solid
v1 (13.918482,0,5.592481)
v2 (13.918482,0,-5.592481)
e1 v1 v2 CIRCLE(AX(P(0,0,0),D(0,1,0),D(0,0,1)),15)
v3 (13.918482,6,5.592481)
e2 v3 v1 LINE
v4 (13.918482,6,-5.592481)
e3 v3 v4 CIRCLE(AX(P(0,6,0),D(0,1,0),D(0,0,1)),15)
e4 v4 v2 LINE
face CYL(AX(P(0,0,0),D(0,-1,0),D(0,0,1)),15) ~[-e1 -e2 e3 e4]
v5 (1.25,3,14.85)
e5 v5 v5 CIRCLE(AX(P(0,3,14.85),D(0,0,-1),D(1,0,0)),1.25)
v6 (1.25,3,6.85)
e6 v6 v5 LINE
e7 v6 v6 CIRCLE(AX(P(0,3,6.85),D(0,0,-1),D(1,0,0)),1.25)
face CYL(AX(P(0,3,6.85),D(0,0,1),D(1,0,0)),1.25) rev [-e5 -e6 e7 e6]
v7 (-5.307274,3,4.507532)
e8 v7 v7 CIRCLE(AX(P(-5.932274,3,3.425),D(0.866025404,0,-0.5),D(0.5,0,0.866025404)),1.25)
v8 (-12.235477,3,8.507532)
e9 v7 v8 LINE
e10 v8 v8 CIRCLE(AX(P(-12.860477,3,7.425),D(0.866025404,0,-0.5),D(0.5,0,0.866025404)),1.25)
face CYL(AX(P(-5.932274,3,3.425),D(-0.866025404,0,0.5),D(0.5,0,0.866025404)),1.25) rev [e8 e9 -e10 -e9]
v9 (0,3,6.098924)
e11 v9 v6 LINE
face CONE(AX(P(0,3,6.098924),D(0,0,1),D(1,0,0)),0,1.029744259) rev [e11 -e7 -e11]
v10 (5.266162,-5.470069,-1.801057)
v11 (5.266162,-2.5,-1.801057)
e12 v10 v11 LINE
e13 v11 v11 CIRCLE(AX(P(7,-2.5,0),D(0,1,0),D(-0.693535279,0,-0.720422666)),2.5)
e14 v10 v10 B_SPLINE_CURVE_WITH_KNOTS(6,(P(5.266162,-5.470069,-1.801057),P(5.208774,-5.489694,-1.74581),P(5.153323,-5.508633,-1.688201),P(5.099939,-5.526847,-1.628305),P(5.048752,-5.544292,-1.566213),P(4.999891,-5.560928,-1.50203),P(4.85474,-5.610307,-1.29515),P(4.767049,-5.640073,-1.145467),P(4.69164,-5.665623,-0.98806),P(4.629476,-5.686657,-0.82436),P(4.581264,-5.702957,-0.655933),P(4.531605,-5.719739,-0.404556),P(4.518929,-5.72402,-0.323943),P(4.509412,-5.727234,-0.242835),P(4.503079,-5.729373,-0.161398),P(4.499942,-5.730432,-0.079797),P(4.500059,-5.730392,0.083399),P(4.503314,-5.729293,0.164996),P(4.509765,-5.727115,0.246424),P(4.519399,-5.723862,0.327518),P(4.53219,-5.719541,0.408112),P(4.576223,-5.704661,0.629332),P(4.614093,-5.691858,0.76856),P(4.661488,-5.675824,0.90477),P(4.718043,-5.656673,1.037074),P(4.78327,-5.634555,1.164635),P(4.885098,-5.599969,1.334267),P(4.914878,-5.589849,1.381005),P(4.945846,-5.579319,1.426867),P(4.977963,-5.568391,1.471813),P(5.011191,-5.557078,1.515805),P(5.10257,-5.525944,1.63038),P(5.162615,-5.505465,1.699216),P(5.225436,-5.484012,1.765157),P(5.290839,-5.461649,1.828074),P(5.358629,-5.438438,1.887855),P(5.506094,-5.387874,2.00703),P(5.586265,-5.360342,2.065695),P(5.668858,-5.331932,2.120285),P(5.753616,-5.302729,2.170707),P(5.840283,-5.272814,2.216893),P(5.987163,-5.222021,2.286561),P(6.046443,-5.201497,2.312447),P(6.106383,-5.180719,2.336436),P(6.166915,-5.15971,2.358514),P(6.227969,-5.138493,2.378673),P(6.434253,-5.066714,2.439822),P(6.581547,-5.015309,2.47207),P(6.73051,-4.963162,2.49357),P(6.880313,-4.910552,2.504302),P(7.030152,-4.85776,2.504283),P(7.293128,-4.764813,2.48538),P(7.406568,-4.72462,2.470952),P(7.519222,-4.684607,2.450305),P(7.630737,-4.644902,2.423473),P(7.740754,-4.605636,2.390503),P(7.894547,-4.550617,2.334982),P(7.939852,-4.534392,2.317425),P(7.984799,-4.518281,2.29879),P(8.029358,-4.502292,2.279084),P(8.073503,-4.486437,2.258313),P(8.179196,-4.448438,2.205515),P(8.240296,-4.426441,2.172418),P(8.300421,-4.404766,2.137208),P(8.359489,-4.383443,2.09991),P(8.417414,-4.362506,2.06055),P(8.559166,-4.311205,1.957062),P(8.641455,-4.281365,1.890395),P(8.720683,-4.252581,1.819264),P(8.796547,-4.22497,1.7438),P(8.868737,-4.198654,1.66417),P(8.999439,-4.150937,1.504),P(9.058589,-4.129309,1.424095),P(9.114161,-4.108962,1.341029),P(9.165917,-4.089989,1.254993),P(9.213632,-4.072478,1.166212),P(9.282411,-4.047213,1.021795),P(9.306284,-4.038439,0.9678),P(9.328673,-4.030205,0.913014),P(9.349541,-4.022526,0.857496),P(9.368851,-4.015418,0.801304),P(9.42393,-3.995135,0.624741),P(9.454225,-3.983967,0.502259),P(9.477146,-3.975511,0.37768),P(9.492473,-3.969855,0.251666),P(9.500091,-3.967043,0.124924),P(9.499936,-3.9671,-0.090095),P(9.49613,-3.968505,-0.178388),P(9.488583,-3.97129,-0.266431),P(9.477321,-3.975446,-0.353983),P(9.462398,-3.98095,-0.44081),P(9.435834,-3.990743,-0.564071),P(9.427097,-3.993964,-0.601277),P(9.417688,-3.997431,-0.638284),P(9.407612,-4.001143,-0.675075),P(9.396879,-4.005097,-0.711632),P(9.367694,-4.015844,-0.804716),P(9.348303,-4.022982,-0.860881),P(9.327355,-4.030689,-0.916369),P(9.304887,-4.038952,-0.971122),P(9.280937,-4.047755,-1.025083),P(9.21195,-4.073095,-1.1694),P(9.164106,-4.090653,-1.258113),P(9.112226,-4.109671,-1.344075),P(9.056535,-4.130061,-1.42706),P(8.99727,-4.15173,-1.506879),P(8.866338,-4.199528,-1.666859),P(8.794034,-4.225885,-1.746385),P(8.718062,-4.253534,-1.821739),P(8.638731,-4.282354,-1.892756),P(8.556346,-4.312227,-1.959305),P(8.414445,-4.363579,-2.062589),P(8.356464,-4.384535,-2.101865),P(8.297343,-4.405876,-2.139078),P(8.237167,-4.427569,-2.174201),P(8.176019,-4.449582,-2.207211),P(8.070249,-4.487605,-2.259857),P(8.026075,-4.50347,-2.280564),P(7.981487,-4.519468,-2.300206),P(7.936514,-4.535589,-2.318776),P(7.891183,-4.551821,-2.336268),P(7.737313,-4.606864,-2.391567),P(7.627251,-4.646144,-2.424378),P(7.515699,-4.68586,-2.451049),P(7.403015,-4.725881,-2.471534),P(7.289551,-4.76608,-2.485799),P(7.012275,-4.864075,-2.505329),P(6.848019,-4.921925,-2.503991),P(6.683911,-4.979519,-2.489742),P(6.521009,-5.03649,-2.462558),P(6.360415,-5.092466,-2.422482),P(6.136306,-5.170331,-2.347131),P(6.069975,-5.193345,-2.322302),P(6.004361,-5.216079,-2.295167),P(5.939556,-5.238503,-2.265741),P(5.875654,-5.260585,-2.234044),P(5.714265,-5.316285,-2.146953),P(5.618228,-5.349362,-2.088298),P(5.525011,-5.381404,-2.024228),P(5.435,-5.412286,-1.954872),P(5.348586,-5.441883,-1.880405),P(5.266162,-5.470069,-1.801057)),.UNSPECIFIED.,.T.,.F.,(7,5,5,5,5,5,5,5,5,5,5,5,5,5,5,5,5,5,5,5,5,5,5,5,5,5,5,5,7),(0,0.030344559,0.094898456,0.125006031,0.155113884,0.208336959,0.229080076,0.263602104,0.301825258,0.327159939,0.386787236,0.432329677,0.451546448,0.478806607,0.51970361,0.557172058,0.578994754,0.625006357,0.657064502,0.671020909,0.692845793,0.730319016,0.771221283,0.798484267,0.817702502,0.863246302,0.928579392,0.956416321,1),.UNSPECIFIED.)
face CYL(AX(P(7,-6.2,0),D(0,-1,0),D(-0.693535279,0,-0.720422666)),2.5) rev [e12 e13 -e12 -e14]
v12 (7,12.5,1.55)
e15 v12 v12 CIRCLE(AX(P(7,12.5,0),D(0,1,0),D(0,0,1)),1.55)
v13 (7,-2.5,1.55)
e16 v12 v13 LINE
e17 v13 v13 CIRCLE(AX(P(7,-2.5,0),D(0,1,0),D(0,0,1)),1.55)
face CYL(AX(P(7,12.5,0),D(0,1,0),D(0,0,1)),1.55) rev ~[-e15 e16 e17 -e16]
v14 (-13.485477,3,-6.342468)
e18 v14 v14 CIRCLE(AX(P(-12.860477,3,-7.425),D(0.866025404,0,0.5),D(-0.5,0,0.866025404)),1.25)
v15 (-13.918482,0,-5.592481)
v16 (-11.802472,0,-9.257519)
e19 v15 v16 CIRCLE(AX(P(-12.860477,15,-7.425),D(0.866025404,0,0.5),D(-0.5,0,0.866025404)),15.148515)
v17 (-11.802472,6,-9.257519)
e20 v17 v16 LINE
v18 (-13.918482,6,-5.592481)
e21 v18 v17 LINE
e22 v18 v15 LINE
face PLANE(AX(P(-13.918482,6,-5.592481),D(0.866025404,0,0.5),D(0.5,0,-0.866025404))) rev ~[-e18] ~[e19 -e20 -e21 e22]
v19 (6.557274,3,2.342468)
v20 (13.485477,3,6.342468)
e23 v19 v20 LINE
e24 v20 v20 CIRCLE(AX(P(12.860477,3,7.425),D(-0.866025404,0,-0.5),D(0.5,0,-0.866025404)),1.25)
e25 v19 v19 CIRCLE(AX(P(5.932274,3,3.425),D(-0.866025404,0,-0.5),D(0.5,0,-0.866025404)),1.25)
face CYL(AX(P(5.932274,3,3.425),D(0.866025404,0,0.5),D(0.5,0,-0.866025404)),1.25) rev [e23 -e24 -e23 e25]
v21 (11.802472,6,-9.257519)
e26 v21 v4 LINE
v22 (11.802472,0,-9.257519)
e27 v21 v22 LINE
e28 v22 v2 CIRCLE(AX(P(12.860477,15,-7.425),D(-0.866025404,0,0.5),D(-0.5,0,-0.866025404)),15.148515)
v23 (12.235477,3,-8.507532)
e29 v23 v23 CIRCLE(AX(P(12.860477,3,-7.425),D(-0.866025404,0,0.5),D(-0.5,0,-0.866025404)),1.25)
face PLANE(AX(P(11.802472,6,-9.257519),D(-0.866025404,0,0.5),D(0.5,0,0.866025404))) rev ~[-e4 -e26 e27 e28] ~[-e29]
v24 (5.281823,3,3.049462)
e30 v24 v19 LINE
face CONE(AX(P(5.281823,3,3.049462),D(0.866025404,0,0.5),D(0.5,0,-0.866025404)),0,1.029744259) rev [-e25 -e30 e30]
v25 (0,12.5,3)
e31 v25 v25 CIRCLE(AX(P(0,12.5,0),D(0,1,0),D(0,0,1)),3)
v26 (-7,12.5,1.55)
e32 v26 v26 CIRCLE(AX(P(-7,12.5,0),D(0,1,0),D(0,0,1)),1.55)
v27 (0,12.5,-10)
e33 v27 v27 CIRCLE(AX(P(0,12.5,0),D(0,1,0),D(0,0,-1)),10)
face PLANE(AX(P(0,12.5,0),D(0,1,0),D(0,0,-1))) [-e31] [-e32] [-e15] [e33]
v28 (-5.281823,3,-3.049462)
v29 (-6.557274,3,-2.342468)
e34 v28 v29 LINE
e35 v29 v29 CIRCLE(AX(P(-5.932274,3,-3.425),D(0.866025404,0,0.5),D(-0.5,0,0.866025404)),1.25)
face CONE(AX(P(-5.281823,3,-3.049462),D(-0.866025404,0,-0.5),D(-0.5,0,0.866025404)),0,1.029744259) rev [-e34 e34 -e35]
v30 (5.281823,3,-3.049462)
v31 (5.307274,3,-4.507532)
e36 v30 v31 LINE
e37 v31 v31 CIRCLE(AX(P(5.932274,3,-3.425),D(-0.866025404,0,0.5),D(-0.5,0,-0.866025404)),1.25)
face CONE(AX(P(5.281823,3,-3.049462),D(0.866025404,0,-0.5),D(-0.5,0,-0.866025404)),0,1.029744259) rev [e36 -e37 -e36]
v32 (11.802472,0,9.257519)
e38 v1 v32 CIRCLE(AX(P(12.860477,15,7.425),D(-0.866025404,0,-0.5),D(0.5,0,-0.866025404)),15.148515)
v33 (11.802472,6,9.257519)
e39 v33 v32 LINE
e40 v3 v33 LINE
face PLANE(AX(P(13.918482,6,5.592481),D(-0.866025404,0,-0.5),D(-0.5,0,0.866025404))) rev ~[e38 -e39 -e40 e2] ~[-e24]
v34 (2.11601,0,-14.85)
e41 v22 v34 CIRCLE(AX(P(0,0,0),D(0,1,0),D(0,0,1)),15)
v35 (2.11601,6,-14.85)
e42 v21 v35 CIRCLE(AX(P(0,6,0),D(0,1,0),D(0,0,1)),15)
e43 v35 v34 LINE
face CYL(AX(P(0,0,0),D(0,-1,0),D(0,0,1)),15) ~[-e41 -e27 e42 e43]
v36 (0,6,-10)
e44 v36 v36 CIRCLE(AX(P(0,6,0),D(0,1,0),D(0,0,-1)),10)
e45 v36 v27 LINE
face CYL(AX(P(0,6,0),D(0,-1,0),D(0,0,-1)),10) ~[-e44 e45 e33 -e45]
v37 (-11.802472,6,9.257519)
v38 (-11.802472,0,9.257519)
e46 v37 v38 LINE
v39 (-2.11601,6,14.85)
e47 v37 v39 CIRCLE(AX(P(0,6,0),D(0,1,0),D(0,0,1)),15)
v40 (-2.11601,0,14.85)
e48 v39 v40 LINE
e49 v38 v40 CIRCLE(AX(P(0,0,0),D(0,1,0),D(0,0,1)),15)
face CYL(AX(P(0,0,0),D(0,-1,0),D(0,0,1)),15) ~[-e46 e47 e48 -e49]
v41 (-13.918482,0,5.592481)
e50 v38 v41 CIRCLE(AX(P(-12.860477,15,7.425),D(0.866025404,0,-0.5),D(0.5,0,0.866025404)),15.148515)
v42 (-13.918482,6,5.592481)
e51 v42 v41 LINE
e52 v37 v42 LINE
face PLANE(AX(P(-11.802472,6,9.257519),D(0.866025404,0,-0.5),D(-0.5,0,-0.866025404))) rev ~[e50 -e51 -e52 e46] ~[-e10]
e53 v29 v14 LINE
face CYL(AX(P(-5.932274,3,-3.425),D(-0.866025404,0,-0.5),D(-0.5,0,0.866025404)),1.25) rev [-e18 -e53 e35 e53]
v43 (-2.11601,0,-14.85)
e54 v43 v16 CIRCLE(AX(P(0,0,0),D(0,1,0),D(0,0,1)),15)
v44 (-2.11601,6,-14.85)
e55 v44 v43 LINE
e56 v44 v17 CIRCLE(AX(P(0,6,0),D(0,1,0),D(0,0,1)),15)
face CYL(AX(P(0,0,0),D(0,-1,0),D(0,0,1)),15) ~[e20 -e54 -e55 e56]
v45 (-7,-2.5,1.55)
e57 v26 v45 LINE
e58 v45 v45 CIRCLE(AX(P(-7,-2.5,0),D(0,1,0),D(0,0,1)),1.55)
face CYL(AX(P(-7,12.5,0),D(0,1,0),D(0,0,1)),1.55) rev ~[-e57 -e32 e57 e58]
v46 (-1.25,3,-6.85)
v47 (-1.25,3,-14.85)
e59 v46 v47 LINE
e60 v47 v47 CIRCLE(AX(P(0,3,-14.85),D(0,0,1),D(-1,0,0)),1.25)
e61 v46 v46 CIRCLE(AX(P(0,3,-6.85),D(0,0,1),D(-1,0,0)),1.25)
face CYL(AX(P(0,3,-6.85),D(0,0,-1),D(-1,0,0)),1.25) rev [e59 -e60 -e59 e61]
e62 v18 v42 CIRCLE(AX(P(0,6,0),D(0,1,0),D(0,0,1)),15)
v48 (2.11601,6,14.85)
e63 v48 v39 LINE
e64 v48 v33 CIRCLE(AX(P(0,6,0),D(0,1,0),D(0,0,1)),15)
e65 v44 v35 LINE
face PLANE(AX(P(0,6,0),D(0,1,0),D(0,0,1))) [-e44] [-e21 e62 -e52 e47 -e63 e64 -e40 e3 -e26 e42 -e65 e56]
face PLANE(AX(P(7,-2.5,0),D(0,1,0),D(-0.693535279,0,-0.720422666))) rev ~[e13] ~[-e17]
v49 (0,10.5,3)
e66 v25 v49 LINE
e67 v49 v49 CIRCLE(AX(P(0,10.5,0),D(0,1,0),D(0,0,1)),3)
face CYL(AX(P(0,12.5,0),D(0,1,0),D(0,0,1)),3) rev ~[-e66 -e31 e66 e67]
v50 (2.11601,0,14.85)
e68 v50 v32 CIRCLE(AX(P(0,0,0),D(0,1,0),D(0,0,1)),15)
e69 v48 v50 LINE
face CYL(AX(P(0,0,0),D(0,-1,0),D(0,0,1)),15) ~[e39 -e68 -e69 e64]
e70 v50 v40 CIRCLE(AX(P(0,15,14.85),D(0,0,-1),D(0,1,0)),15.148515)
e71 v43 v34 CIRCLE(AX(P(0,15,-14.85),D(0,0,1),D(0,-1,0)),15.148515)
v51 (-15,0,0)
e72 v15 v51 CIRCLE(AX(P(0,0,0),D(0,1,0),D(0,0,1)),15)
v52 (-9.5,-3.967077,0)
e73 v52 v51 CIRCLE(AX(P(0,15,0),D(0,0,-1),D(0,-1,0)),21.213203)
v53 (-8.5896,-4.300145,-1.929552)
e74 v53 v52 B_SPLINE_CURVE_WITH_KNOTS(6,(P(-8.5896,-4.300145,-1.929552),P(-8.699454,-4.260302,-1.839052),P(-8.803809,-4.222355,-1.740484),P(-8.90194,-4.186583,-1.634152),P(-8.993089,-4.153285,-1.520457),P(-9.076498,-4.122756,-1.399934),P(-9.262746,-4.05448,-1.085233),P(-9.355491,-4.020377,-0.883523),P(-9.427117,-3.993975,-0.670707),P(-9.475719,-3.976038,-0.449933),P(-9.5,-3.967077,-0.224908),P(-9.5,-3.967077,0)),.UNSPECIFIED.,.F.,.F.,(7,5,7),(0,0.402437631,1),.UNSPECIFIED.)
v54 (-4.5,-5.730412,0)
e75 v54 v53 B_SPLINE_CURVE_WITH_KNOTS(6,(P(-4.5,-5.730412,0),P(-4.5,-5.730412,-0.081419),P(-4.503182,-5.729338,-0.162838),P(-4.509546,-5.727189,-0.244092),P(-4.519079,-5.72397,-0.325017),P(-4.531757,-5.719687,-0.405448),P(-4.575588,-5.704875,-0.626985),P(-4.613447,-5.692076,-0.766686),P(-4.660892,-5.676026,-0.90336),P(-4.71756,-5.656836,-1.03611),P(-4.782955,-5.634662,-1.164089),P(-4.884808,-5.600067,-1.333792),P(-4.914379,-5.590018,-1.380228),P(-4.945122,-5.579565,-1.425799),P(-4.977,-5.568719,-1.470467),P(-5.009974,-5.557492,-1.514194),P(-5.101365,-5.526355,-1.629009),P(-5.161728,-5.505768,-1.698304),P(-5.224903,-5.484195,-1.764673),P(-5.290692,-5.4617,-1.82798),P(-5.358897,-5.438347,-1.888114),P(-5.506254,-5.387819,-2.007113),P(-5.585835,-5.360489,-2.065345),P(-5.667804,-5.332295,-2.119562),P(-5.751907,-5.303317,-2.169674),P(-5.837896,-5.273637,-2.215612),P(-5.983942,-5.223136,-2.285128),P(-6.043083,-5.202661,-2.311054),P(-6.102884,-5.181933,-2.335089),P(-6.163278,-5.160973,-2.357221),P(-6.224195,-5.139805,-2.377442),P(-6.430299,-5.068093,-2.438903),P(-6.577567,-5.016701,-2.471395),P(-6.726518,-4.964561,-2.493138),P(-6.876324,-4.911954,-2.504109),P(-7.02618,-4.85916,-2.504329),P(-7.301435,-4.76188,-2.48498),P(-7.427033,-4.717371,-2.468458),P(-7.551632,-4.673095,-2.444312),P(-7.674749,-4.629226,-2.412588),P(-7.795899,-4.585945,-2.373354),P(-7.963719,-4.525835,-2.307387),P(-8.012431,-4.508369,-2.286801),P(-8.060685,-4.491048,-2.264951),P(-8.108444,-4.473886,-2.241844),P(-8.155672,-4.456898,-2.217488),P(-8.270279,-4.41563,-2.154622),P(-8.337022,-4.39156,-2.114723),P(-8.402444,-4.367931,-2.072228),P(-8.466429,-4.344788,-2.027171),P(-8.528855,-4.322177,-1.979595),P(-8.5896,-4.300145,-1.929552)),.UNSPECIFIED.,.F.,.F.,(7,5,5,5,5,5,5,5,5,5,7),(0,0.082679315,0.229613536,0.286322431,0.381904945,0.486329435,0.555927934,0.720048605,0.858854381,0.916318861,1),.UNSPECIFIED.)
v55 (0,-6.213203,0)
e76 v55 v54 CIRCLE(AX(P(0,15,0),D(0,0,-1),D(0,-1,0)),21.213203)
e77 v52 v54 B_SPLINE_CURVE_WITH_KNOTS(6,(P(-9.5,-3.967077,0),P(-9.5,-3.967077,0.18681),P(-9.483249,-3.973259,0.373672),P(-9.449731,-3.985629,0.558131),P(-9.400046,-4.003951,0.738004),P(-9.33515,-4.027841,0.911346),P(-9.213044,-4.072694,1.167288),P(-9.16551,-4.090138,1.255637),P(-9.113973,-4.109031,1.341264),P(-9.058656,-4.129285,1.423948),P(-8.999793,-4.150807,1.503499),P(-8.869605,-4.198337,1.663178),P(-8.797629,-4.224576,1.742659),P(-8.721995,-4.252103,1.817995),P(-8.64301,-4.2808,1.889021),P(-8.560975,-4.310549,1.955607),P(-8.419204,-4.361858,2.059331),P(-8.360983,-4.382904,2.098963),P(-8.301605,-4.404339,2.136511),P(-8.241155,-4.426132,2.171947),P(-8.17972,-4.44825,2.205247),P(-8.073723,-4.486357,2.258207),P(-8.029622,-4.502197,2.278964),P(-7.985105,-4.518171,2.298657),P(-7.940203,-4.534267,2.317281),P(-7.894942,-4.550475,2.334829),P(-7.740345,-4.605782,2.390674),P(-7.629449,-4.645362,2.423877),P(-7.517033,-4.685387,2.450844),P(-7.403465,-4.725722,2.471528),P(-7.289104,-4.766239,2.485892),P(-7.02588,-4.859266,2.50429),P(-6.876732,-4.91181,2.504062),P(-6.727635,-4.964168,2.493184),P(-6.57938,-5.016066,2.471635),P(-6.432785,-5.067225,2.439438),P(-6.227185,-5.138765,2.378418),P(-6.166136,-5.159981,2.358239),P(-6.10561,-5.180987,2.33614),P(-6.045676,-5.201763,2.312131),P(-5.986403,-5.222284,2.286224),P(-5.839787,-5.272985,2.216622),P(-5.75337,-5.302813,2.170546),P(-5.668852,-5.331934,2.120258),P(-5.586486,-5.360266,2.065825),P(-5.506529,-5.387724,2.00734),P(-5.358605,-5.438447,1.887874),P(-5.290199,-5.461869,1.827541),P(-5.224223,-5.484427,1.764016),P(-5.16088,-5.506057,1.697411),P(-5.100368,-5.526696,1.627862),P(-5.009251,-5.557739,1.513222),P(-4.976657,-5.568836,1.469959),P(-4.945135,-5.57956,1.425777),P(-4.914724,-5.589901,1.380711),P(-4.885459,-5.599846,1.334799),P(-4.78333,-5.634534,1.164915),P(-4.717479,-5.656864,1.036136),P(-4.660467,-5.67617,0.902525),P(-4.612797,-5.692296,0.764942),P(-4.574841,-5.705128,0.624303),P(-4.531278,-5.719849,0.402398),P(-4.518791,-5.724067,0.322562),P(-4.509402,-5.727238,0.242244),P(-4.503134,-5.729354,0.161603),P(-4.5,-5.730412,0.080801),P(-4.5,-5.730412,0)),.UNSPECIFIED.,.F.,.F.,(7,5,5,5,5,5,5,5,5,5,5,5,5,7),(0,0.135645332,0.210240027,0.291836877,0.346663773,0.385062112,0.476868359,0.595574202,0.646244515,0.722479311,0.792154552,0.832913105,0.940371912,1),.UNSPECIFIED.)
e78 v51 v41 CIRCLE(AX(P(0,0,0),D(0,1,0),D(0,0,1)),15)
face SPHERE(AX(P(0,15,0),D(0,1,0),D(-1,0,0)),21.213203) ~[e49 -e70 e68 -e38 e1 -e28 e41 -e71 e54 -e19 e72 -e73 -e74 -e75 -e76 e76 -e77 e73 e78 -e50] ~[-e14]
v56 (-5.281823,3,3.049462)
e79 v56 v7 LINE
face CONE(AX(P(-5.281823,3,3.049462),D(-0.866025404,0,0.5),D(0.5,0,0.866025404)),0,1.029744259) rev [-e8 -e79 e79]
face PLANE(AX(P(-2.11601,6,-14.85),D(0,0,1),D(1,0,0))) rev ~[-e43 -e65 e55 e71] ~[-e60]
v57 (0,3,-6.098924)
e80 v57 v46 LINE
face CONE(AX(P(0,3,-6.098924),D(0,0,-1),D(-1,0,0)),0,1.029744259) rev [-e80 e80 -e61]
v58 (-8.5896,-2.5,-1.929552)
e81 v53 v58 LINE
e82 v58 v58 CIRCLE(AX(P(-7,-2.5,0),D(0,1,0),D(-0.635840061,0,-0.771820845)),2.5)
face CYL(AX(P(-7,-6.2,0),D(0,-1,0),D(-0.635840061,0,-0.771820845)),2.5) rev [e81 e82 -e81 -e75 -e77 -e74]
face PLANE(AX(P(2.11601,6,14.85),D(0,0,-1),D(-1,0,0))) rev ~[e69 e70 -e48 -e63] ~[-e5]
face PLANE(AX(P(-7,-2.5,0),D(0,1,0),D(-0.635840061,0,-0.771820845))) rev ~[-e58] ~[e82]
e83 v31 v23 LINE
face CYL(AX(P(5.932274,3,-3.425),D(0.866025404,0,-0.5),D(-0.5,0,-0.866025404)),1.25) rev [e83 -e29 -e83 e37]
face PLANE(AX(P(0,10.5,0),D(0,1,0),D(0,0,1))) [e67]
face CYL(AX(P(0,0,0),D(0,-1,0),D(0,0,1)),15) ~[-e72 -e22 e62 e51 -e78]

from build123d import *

# Parameters (mm, degrees)
SKETCH_1_R               = 15
EXTRUDE_1_DEPTH          = 6
SKETCH_2_R               = 10
EXTRUDE_2_DEPTH          = 6.5
SKETCH_5_R               = 1.55
CUT_EXTRUDE_967_DEPTH    = 29.287523448
SKETCH_6_R               = 2.5
CUT_EXTRUDE_1129_DEPTH   = 3.7
CUT_EXTRUDE_3_DEPTH      = 25.477792773
PATTERN_CIRCULAR_1_COUNT = 6
SKETCH_12_R              = 3
CUT_EXTRUDE_4_DEPTH      = 2


with BuildPart() as part:
    # 草图1 → 凸台-拉伸1 (new body)
    with BuildSketch(Plane(origin=(0, 0, 0), x_dir=(1, 0, 0), z_dir=(0, 1, 0))):
        with Locations(Location((0, 0, 0), (0, 0, 270))):
            Circle(SKETCH_1_R)
    extrude(amount=EXTRUDE_1_DEPTH)

    # 草图2 → 凸台-拉伸2 (add)
    with BuildSketch(Plane(origin=(0, 6, 0), x_dir=(1, 0, 0), z_dir=(0, 1, 0))):
        with Locations(Location((0, 0, 0), (0, 0, 90))):
            Circle(SKETCH_2_R)
    extrude(amount=EXTRUDE_2_DEPTH)

    # 草图4 → 旋转1 (revolve)
    with BuildSketch(Plane.XY, mode=Mode.PRIVATE) as revolve_1_sk:
        with BuildLine():
            Line((0, 0), (0, -6.213203436))
            ThreePointArc((0, -6.213203436), (8.117941502, -4.598444473), (15, 0))
            Line((15, 0), (0, 0))
        make_face()
    revolve(revolve_1_sk.sketch.rotate(Axis((0, 0, 0), (0, -1, 0)), 180), axis=Axis((0, 0, 0), (0, -1, 0)))

    # 草图5 → Cut-Extrude 967 (cut, through all)
    with BuildSketch(Plane(origin=(0, 12.5, 0), x_dir=(1, 0, 0), z_dir=(0, 1, 0))):
        with Locations(Location((7, 0, 0), (0, 0, 270))):
            Circle(SKETCH_5_R)
        with Locations(Location((-7, 0, 0), (0, 0, 270))):
            Circle(SKETCH_5_R)
    extrude(amount=-CUT_EXTRUDE_967_DEPTH, mode=Mode.SUBTRACT)

    # 草图6 → Cut-Extrude 1129 (cut)
    with BuildSketch(Plane(origin=(0, -6.2, 0), x_dir=(1, 0, 0), z_dir=(0, 1, 0))):
        with Locations(Location((-7, 0, 0), (0, 0, 129.482318069))):
            Circle(SKETCH_6_R)
        with Locations(Location((7, 0, 0), (0, 0, 133.910612472))):
            Circle(SKETCH_6_R)
    extrude(amount=CUT_EXTRUDE_1129_DEPTH, mode=Mode.SUBTRACT)

    # 草图9 → 切除-拉伸3 (cut, through all)
    with BuildSketch(Plane(origin=(0, 6, 0), x_dir=(1, 0, 0), z_dir=(0, 1, 0))):
        with BuildLine():
            Line((11.802472048, 9.257518758), (13.918482445, 5.592481242))
            ThreePointArc((13.918482445, 5.592481242), (12.990381057, 7.5), (11.802472048, 9.257518758))
        make_face()
        with BuildLine():
            Line((-2.116010397, 14.85), (2.116010397, 14.85))
            ThreePointArc((2.116010397, 14.85), (0, 15), (-2.116010397, 14.85))
        make_face()
        with BuildLine():
            Line((13.918482445, -5.592481242), (11.802472048, -9.257518758))
            ThreePointArc((11.802472048, -9.257518758), (12.990381057, -7.5), (13.918482445, -5.592481242))
        make_face()
        with BuildLine():
            Line((2.116010397, -14.85), (-2.116010397, -14.85))
            ThreePointArc((-2.116010397, -14.85), (0, -15), (2.116010397, -14.85))
        make_face()
        with BuildLine():
            Line((-11.802472048, -9.257518758), (-13.918482445, -5.592481242))
            ThreePointArc((-13.918482445, -5.592481242), (-12.990381057, -7.5), (-11.802472048, -9.257518758))
        make_face()
        with BuildLine():
            Line((-13.918482445, 5.592481242), (-11.802472048, 9.257518758))
            ThreePointArc((-11.802472048, 9.257518758), (-12.990381057, 7.5), (-13.918482445, 5.592481242))
        make_face()
    extrude(amount=-CUT_EXTRUDE_3_DEPTH, mode=Mode.SUBTRACT)

    # 草图11 → M3 螺纹孔2 (revolve, cut)
    with BuildSketch(Plane(origin=(-12.860477246, 3, -7.425), x_dir=(-0.50000000000004, 0, 0.8660254037844157), z_dir=(0, 1, 0))):
        Polygon((0, 0), (0, 8.751075774), (1.25, 8), (1.25, 0), align=None)
    hole_wizard_m3_2 = revolve(axis=Axis((-18.35973856, 3, -10.6), (0.8660254037844156, 0, 0.5000000000000397)), mode=Mode.SUBTRACT)

    # 阵列(圆周)1: M3 螺纹孔2 ×6 about axis
    pattern_circular_1_axis = Axis((0, 6, 0), (0, 1, 0))
    for i in range(1, PATTERN_CIRCULAR_1_COUNT):
        add(hole_wizard_m3_2.rotate(pattern_circular_1_axis, i * 360 / PATTERN_CIRCULAR_1_COUNT), mode=Mode.SUBTRACT)

    # 草图12 → 切除-拉伸4 (cut)
    with BuildSketch(Plane(origin=(0, 12.5, 0), x_dir=(1, 0, 0), z_dir=(0, 1, 0))):
        with Locations(Location((0, 0, 0), (0, 0, 270))):
            Circle(SKETCH_12_R)
    extrude(amount=-CUT_EXTRUDE_4_DEPTH, mode=Mode.SUBTRACT)


solid = part.part
